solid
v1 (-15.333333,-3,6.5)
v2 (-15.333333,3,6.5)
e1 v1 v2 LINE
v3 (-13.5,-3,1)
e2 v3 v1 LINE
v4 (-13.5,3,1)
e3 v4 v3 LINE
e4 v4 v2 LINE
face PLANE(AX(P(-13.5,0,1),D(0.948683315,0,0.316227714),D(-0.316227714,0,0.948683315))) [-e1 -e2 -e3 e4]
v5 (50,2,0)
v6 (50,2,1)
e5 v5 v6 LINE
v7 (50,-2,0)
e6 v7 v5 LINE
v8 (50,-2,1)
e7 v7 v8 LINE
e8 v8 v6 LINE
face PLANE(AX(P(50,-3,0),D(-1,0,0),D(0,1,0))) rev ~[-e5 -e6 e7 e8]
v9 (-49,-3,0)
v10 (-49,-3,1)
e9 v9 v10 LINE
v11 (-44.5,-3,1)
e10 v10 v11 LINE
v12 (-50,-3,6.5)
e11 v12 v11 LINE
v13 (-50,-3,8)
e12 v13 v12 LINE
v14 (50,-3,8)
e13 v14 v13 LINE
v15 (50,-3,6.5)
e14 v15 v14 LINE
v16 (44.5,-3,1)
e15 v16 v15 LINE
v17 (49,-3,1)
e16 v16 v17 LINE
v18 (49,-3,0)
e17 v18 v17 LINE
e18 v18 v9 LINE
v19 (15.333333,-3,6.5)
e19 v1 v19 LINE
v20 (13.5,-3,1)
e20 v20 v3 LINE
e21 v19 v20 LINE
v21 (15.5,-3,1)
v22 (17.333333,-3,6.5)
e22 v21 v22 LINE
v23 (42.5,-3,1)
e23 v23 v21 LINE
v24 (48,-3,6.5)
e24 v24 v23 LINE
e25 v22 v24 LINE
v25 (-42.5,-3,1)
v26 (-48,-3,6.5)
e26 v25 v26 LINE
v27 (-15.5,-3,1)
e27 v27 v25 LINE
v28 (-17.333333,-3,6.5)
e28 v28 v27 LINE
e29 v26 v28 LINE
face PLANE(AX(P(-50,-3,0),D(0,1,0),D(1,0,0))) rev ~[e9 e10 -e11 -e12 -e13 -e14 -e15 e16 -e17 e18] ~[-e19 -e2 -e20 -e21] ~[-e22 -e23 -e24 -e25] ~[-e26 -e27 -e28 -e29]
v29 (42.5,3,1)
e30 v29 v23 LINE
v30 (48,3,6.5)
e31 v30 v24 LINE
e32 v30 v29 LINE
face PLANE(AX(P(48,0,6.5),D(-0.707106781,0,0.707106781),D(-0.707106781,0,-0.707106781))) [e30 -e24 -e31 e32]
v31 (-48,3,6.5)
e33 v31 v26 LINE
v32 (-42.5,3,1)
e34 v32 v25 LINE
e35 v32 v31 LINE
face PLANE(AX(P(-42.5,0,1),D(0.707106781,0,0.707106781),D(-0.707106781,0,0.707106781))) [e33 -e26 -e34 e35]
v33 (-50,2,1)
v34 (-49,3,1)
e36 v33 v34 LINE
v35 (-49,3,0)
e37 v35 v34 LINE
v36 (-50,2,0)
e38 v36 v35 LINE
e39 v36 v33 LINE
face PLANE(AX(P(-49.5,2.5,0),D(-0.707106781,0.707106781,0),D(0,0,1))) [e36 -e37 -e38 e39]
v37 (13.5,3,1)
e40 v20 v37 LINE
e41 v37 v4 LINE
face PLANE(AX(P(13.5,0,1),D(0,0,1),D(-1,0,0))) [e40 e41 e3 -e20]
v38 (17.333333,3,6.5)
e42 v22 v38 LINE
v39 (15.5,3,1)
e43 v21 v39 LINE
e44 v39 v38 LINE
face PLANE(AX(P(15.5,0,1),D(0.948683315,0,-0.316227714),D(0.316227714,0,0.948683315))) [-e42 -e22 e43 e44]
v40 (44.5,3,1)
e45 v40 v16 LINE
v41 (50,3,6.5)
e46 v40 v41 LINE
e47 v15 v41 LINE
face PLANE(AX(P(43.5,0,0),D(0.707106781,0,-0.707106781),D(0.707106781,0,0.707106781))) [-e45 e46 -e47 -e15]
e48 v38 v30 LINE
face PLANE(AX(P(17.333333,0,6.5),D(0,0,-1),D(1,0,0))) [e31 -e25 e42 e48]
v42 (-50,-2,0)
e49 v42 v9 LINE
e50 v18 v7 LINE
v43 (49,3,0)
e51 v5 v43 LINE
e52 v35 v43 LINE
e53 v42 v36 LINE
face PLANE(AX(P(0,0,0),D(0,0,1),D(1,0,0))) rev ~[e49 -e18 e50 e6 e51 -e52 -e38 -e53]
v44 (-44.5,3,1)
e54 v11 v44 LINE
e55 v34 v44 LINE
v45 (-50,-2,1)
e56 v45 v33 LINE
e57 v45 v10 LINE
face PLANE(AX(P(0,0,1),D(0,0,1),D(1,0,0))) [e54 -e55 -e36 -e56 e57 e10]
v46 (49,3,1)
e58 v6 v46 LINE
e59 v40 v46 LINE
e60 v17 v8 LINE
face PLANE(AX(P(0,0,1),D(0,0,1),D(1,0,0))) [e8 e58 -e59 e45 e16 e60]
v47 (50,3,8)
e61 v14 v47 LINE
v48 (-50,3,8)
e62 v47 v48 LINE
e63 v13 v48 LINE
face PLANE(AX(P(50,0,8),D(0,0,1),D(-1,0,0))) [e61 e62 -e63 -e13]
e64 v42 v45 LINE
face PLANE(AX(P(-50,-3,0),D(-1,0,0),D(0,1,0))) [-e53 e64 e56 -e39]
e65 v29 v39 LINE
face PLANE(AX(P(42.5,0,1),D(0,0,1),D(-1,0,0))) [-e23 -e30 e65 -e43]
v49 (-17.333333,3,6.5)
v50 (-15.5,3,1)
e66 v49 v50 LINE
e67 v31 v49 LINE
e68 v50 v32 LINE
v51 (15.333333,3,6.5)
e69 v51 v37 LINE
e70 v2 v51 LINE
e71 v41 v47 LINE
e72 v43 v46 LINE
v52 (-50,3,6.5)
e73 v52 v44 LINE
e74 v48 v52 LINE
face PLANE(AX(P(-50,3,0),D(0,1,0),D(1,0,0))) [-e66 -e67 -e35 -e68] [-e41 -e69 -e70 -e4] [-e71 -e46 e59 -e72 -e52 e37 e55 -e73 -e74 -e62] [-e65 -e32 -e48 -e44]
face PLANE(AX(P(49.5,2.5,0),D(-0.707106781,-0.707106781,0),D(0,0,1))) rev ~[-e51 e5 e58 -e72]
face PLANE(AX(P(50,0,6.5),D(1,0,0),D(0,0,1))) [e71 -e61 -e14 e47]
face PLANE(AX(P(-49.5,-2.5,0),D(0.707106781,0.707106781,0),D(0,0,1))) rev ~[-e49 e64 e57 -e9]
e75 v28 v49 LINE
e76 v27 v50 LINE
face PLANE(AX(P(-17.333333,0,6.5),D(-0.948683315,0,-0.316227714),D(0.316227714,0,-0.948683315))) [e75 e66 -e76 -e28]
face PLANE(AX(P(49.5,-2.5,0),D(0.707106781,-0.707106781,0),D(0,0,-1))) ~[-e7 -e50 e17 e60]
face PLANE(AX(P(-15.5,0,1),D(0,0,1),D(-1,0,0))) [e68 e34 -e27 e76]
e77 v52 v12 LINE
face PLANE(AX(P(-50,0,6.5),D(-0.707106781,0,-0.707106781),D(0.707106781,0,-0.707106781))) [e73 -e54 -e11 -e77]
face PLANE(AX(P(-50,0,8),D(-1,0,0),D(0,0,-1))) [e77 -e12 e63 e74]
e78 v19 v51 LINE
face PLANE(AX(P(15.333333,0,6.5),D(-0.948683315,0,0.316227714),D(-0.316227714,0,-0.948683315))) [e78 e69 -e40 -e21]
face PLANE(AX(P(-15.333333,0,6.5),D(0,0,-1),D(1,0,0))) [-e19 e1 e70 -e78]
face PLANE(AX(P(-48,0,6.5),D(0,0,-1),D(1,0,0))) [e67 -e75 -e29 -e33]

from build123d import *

# Parameters (mm, degrees)
SKETCH_W     = 100
SKETCH_H     = 6
PAD_DEPTH    = 1
CHAMFER_SIZE = 1
PAD001_DEPTH = 3


with BuildPart() as chamfer_body:
    # Sketch → Pad (new body)
    with BuildSketch(Plane.XY):
        Rectangle(SKETCH_W, SKETCH_H)
    extrude(amount=PAD_DEPTH)

    # Chamfer
    chamfer_edges = [chamfer_body.edges().sort_by_distance(p)[0] for p in [
        (-50, 3, 0.5),
        (-50, -3, 0.5),
        (50, 3, 0.5),
        (50, -3, 0.5),
    ]]
    chamfer(chamfer_edges, length=CHAMFER_SIZE)


with BuildPart() as fusion:
    # Sketch001 → Pad001 (new body, symmetric)
    with BuildSketch(Plane.XZ):
        Polygon((-50, 8), (-50, 6.5), (-43.5, 0), (43.5, 0), (50, 6.5), (50, 8), align=None)
        Polygon((-42.5, 1), (-48, 6.5), (-17.333333, 6.5), (-15.5, 1), align=None, mode=Mode.SUBTRACT)
        Polygon((48, 6.5), (42.5, 1), (15.5, 1), (17.333333, 6.5), align=None, mode=Mode.SUBTRACT)
        Polygon((-13.5, 1), (-15.333333, 6.5), (15.333333, 6.5), (13.5, 1), align=None, mode=Mode.SUBTRACT)
    extrude(amount=PAD001_DEPTH, both=True)

    # Fusion: union Chamfer body
    add(chamfer_body.part)


solid = fusion.part
